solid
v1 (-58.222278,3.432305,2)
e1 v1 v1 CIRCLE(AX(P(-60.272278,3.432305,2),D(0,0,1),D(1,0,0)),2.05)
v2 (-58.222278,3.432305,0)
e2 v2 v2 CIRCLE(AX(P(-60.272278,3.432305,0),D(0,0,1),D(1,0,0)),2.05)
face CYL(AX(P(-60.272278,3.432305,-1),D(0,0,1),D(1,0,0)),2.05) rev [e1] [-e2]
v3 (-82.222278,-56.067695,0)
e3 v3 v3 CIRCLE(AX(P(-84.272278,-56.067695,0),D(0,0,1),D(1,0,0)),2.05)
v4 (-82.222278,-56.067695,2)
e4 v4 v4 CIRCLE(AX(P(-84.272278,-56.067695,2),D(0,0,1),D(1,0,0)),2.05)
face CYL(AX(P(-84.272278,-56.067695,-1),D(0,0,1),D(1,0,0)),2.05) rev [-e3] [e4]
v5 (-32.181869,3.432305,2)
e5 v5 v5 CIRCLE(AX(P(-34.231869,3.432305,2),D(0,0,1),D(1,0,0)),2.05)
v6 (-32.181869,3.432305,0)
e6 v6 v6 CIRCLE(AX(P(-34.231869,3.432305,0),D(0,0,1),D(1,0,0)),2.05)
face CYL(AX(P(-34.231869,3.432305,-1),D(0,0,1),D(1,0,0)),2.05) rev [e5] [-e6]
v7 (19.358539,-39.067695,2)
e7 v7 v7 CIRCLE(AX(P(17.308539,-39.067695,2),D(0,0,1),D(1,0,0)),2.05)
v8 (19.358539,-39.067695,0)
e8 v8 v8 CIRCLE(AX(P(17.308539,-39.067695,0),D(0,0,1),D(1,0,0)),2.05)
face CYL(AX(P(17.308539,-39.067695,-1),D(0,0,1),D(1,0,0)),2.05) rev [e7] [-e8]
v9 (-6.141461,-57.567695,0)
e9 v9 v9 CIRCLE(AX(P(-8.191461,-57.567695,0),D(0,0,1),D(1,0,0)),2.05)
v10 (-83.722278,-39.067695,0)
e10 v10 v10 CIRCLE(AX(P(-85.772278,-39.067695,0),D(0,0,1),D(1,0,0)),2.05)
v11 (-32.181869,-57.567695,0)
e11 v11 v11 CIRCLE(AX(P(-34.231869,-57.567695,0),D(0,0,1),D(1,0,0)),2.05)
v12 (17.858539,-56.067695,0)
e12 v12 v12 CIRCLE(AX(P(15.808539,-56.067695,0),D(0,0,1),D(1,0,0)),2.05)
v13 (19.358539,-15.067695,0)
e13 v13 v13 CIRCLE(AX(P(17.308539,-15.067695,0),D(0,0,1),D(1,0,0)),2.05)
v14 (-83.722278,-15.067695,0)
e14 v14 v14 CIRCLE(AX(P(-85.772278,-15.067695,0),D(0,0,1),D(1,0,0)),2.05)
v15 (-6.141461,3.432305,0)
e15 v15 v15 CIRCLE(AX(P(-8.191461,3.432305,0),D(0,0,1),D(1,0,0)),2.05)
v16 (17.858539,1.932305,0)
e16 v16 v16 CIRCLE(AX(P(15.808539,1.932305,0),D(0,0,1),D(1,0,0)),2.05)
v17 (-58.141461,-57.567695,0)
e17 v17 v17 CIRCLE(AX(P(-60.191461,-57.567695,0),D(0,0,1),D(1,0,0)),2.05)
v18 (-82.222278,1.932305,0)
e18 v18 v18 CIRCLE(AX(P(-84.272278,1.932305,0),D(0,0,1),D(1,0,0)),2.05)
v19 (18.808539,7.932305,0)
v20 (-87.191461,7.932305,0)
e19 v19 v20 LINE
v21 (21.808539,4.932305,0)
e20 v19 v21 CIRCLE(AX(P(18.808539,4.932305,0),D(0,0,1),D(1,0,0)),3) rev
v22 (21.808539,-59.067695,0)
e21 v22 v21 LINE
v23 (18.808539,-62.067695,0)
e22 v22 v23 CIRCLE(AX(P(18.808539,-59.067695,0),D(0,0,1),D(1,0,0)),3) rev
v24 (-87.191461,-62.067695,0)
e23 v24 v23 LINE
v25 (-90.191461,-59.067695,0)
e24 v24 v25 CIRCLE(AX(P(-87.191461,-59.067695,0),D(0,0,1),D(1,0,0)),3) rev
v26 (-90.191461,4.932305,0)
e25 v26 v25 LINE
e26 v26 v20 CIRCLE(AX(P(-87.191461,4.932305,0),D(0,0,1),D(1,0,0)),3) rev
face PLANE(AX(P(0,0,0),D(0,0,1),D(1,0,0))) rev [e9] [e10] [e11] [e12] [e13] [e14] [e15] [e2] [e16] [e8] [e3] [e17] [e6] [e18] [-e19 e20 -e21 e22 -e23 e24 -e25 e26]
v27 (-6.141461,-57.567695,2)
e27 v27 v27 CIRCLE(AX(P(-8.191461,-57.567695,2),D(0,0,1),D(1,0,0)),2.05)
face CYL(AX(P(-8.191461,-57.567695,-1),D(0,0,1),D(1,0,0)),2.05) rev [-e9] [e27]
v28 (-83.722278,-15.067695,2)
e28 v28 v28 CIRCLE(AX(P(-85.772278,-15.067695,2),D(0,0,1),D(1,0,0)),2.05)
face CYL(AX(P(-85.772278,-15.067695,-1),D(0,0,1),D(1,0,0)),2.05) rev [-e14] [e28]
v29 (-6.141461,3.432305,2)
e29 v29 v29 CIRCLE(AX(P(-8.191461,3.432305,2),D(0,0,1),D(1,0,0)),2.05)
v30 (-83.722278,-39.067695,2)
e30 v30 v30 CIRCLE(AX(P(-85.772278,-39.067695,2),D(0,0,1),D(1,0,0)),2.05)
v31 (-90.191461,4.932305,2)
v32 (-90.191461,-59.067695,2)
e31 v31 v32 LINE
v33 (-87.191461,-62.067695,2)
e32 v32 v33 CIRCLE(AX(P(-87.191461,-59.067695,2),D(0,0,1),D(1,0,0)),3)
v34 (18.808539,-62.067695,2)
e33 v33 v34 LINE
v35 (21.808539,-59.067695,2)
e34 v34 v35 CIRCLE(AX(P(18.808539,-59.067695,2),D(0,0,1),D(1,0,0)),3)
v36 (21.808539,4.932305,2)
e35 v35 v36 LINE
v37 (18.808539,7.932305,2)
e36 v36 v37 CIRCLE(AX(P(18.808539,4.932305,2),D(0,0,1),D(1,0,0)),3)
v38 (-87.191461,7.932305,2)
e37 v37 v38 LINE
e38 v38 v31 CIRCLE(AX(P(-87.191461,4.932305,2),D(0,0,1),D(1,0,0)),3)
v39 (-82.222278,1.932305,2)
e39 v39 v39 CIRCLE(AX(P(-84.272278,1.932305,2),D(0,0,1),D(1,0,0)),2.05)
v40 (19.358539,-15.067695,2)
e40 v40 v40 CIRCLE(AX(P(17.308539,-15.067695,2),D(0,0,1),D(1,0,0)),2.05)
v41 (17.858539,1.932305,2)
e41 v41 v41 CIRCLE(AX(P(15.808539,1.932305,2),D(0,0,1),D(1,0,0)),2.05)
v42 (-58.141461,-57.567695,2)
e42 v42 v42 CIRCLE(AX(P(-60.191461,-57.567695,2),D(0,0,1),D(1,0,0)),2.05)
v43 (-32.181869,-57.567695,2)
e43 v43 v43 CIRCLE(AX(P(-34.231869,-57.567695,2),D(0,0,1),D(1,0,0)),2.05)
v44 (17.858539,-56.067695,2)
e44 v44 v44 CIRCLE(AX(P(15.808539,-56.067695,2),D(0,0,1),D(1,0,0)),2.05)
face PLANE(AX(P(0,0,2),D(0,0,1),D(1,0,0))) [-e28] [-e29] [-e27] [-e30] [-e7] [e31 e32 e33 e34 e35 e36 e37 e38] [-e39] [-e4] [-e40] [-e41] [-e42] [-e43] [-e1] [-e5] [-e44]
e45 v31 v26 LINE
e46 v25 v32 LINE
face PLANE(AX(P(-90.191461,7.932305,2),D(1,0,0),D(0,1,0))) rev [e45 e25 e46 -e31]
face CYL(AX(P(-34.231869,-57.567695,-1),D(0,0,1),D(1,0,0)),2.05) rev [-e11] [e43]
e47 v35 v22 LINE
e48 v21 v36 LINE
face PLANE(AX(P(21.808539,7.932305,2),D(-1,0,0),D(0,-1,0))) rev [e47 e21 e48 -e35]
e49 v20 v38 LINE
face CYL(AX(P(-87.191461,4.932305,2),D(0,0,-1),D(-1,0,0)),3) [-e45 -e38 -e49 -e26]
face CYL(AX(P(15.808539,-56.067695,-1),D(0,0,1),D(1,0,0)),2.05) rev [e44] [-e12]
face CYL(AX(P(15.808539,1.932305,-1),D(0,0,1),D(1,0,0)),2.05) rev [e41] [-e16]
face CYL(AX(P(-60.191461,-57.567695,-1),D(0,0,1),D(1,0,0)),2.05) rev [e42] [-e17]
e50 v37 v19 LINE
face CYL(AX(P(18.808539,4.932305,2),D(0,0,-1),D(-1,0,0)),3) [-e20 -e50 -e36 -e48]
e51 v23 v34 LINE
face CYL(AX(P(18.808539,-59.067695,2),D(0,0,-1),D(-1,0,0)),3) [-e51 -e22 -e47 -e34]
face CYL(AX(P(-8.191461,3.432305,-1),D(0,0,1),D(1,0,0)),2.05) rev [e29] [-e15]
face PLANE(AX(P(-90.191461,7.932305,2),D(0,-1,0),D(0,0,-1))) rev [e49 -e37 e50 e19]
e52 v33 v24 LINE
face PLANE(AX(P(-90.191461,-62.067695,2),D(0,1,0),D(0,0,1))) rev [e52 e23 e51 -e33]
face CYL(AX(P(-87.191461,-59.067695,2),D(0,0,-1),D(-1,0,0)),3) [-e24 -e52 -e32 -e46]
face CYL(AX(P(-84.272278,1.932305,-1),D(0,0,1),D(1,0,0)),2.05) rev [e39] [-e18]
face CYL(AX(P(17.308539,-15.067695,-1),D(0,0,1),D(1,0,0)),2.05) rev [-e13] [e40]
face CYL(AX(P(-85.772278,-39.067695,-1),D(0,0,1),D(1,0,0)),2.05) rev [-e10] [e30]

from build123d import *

# Parameters (mm, degrees)
SKETCH1_W           = 112
SKETCH1_H           = 70
BOSS_EXTRUDE1_DEPTH = 2
FILLET1_R           = 3
SKETCH2_R           = 2.05
CUT_EXTRUDE1_DEPTH  = 3


with BuildPart() as part:
    # Sketch1 → Boss-Extrude1 (new body)
    with BuildSketch(Plane.XY):
        with Locations((-34.191460674, -27.067695099)):
            Rectangle(SKETCH1_W, SKETCH1_H)
    extrude(amount=BOSS_EXTRUDE1_DEPTH)

    # Fillet1
    fillet1_edges = [part.edges().sort_by_distance(p)[0] for p in [
        (-90.191460674, 7.932304901, 1),
        (21.808539326, 7.932304901, 1),
        (21.808539326, -62.067695099, 1),
        (-90.191460674, -62.067695099, 1),
    ]]
    fillet(fillet1_edges, radius=FILLET1_R)

    # Sketch2 → Cut-Extrude1 (cut)
    with BuildSketch(Plane.XY.offset(2)):
        with Locations((-84.272277823, -56.067695099)):
            Circle(SKETCH2_R)
        with Locations((-85.772277823, -39.067695099)):
            Circle(SKETCH2_R)
        with Locations((-85.772277823, -15.067695099)):
            Circle(SKETCH2_R)
        with Locations((-84.272277823, 1.932304901)):
            Circle(SKETCH2_R)
        with Locations((-60.272277823, 3.432304901)):
            Circle(SKETCH2_R)
        with Locations((-60.191460674, -57.567695099)):
            Circle(SKETCH2_R)
        with Locations((-34.231869249, -57.567695099)):
            Circle(SKETCH2_R)
        with Locations((-34.231869249, 3.432304901)):
            Circle(SKETCH2_R)
        with Locations((-8.191460674, 3.432304901)):
            Circle(SKETCH2_R)
        with Locations((-8.191460674, -57.567695099)):
            Circle(SKETCH2_R)
        with Locations((15.808539326, -56.067695099)):
            Circle(SKETCH2_R)
        with Locations((17.308539326, -39.067695099)):
            Circle(SKETCH2_R)
        with Locations((17.308539326, -15.067695099)):
            Circle(SKETCH2_R)
        with Locations((15.808539326, 1.932304901)):
            Circle(SKETCH2_R)
    extrude(amount=-CUT_EXTRUDE1_DEPTH, mode=Mode.SUBTRACT)


solid = part.part
